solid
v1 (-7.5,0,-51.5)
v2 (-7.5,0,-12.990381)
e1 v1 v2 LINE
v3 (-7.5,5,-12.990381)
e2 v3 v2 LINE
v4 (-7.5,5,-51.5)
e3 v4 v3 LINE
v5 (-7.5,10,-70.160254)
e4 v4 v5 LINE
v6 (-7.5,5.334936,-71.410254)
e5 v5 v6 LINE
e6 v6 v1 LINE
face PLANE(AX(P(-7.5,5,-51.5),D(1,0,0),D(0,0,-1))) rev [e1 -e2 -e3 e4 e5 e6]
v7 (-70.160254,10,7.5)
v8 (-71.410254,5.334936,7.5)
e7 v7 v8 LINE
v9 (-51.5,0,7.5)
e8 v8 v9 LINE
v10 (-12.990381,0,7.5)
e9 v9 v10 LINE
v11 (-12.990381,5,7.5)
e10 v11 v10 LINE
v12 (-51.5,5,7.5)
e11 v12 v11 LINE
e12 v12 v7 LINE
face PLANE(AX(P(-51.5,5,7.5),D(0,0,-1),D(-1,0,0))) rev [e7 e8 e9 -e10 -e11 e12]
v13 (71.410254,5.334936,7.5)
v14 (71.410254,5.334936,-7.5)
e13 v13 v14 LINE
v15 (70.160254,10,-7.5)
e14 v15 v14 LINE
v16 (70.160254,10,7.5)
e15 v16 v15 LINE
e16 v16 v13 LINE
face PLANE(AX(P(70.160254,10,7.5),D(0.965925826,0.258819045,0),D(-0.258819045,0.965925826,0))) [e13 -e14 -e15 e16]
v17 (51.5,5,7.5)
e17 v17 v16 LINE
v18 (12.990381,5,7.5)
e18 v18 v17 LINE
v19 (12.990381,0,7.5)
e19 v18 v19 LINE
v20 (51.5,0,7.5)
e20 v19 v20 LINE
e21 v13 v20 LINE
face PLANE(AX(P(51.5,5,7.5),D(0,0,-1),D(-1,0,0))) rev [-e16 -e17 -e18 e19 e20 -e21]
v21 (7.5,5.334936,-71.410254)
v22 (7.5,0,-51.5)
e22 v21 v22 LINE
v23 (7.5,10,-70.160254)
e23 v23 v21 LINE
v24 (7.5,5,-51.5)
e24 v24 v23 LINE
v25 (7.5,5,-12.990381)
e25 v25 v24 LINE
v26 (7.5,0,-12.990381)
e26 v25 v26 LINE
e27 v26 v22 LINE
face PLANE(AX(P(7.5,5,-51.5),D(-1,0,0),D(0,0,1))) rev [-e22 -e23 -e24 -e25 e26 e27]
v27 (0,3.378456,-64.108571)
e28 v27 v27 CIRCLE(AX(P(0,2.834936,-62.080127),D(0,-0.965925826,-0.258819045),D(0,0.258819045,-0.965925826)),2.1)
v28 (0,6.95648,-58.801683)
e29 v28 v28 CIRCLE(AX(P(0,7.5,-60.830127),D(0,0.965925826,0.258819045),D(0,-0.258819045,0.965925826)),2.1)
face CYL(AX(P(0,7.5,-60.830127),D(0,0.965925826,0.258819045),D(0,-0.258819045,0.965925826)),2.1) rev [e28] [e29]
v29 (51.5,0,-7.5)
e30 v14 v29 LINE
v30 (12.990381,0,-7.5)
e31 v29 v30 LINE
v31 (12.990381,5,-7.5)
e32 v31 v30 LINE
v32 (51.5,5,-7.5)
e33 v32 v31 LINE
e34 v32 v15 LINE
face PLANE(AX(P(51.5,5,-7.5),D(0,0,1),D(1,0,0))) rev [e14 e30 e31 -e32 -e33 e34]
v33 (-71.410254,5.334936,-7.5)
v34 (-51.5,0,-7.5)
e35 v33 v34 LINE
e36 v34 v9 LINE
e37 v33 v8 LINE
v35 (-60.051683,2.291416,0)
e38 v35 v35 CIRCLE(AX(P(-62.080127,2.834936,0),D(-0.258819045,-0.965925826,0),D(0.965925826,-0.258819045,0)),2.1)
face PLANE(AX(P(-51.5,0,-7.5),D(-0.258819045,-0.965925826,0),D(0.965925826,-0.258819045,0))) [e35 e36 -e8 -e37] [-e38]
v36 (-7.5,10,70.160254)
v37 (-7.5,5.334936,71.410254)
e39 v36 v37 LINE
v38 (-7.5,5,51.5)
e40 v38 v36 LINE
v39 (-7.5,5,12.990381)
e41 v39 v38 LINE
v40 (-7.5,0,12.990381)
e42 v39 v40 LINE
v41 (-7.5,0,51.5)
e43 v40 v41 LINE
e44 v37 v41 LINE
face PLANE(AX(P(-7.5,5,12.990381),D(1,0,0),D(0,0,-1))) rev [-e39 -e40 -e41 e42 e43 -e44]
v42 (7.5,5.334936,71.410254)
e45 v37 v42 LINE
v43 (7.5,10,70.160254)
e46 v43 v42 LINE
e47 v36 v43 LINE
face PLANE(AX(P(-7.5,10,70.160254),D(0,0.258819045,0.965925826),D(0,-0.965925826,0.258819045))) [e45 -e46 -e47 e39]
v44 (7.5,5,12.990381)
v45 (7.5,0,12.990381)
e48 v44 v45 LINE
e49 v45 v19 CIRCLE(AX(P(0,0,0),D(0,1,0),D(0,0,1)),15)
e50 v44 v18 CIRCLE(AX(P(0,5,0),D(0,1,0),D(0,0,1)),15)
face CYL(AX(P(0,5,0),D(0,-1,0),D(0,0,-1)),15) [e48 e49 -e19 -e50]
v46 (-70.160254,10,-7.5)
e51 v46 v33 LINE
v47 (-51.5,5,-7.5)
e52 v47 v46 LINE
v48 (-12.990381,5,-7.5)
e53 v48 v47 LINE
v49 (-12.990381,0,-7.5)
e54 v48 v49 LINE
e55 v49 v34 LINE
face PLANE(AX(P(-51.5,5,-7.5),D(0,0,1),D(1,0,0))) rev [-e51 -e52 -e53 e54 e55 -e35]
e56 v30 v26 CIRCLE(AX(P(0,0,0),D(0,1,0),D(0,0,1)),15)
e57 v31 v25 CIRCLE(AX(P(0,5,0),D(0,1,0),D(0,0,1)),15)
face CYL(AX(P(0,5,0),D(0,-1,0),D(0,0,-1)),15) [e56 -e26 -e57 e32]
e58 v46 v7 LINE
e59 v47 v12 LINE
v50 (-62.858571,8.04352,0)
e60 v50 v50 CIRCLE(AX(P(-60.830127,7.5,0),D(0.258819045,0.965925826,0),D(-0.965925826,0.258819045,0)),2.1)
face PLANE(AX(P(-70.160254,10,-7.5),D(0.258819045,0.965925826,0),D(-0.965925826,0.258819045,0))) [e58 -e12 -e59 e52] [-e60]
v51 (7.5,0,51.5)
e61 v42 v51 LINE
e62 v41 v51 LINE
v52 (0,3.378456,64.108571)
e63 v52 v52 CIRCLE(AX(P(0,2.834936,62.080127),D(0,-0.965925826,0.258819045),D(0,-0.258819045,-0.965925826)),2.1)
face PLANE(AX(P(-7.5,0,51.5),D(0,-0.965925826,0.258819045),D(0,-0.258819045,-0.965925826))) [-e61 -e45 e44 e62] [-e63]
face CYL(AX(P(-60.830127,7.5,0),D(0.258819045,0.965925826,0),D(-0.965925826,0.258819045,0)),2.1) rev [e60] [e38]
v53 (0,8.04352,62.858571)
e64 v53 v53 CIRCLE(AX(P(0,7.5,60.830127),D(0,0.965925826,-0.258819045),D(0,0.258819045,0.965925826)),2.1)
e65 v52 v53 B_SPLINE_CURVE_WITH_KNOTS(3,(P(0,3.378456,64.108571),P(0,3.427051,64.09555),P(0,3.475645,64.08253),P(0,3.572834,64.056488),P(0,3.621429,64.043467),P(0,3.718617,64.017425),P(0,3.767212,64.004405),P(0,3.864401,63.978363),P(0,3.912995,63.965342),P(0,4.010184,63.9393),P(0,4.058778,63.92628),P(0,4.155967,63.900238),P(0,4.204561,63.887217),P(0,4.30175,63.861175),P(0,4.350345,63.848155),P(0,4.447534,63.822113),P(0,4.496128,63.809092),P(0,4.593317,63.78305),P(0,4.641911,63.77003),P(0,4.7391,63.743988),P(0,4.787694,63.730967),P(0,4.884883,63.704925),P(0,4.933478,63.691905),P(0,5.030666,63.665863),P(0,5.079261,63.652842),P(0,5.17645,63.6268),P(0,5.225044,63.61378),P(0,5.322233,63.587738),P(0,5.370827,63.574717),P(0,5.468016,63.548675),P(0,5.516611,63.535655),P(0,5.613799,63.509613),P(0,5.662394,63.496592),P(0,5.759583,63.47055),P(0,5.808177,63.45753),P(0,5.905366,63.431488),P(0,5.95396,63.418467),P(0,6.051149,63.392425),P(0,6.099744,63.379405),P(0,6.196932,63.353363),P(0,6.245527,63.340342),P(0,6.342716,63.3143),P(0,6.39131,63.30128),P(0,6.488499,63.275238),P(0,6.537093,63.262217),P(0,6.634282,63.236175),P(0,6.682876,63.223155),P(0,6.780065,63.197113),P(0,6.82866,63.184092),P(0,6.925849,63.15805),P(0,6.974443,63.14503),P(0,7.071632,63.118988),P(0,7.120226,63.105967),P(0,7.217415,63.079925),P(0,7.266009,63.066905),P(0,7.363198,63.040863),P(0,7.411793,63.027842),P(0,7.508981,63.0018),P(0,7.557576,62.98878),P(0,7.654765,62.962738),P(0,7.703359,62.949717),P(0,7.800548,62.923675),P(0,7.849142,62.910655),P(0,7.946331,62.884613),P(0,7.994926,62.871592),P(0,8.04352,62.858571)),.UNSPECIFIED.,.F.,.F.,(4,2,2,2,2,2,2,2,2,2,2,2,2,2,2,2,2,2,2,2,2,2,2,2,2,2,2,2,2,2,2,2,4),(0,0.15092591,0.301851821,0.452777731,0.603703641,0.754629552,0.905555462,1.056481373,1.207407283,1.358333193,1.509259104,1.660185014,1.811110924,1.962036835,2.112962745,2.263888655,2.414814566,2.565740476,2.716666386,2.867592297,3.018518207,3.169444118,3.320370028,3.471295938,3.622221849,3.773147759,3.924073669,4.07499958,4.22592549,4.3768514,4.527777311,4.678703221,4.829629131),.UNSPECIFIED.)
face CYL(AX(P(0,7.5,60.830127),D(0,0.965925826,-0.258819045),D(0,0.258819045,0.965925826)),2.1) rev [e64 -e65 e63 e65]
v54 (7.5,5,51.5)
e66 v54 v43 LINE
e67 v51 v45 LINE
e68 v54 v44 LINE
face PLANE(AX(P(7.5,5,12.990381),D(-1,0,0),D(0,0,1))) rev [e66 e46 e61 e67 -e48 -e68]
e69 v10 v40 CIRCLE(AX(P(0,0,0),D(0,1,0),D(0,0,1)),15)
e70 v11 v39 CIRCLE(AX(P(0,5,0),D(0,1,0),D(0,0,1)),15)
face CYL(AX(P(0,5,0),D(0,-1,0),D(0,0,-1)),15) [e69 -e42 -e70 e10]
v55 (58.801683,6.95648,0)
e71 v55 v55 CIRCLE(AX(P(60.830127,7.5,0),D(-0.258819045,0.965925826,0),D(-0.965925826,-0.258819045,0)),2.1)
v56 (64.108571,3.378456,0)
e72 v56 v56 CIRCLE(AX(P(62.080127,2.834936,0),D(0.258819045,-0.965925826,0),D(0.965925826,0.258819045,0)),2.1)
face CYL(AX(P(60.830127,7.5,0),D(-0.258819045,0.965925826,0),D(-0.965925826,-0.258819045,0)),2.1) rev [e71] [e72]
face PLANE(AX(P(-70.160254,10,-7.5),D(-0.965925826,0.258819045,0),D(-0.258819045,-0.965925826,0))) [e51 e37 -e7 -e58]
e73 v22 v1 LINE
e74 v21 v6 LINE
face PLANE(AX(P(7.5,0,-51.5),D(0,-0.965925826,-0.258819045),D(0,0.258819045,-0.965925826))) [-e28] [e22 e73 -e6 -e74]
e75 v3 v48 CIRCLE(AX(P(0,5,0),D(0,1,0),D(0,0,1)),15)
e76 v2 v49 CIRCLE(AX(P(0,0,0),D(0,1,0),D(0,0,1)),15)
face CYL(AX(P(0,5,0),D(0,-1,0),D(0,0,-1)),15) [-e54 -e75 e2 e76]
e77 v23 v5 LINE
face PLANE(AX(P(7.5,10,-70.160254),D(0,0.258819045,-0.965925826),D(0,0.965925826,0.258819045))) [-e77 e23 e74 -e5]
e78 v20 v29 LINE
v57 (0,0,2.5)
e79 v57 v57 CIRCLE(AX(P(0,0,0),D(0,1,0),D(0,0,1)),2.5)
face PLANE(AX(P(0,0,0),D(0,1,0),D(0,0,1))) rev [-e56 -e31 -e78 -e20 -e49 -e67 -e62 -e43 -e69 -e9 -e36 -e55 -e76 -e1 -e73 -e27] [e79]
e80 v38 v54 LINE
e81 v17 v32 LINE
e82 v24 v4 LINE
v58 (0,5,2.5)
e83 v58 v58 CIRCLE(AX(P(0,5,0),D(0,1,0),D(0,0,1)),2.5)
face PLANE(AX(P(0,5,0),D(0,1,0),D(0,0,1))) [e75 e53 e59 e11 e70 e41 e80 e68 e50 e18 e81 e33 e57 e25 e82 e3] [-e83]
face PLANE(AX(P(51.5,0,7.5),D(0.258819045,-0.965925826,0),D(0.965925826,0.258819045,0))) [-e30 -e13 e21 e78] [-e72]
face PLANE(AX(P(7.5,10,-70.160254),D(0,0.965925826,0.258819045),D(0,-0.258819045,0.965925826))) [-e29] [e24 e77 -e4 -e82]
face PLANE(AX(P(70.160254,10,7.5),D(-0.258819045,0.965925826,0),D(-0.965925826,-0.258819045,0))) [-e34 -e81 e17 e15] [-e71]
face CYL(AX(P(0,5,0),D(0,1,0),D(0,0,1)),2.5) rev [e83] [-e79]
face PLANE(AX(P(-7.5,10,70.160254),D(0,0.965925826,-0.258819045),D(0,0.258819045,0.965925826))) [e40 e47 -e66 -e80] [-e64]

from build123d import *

# Parameters (mm, degrees)
EXTRUDE_1_DEPTH             = 5
EXTRUDE_6_DEPTH             = 15
EXTRUDE_7_DEPTH             = 15
EXTRUDE_8_DEPTH             = 15
EXTRUDE_9_DEPTH             = 15
HOLE_WIZARD_M61_D           = 5
HOLE_WIZARD_M51_D           = 4.2
HOLE_WIZARD_M51_ON_FACE_2_D = 4.2
HOLE_WIZARD_M51_ON_FACE_3_D = 4.2
HOLE_WIZARD_M51_ON_FACE_4_D = 4.2


with BuildPart() as part:
    # Эскиз1 → Бобышка-Вытянуть1 (new body)
    with BuildSketch(Plane(origin=(0, 0, 0), x_dir=(1, 0, 0), z_dir=(0, 1, 0))):
        with BuildLine():
            Line((-7.5, 51.5), (7.5, 51.5))
            Line((7.5, 51.5), (7.5, 12.990381057))
            ThreePointArc((7.5, 12.990381057), (10.606601718, 10.606601718), (12.990381057, 7.5))
            Line((12.990381057, 7.5), (51.5, 7.5))
            Line((51.5, 7.5), (51.5, -7.5))
            Line((51.5, -7.5), (12.990381057, -7.5))
            ThreePointArc((12.990381057, -7.5), (10.606601718, -10.606601718), (7.5, -12.990381057))
            Line((7.5, -12.990381057), (7.5, -51.5))
            Line((7.5, -51.5), (-7.5, -51.5))
            Line((-7.5, -51.5), (-7.5, -12.990381057))
            ThreePointArc((-7.5, -12.990381057), (-10.606601718, -10.606601718), (-12.990381057, -7.5))
            Line((-12.990381057, -7.5), (-51.5, -7.5))
            Line((-51.5, -7.5), (-51.5, 7.5))
            Line((-51.5, 7.5), (-12.990381057, 7.5))
            ThreePointArc((-12.990381057, 7.5), (-10.606601718, 10.606601718), (-7.5, 12.990381057))
            Line((-7.5, 12.990381057), (-7.5, 51.5))
        make_face()
    extrude(amount=EXTRUDE_1_DEPTH)

    # Эскиз2 → Бобышка-Вытянуть6 (add)
    with BuildSketch(Plane(origin=(7.5, 0, 0), x_dir=(0, 0, -1), z_dir=(1, 0, 0))):
        Polygon((-51.5, 0), (-71.410254038, 5.334936491), (-70.160254038, 10), (-51.5, 5), align=None)
    extrude(amount=-EXTRUDE_6_DEPTH)

    # Эскиз3 → Бобышка-Вытянуть7 (add)
    with BuildSketch(Plane(origin=(0, 0, -7.5), x_dir=(-1, 0, 0), z_dir=(0, 0, -1))):
        Polygon((-51.5, 0), (-71.410254038, 5.334936491), (-70.160254038, 10), (-51.5, 5), align=None)
    extrude(amount=-EXTRUDE_7_DEPTH)

    # Эскиз4 → Бобышка-Вытянуть8 (add)
    with BuildSketch(Plane.ZY.offset(7.5)):
        Polygon((-51.5, 0), (-71.410254038, 5.334936491), (-70.160254038, 10), (-51.5, 5), align=None)
    extrude(amount=-EXTRUDE_8_DEPTH)

    # Эскиз5 → Бобышка-Вытянуть9 (add)
    with BuildSketch(Plane.XY.offset(7.5)):
        Polygon((-51.5, 0), (-71.410254038, 5.334936491), (-70.160254038, 10), (-51.5, 5), align=None)
    extrude(amount=-EXTRUDE_9_DEPTH)

    # Отверстие обработанное метчиком M61 (through all)
    with Locations(Plane(origin=(0, 5, 0), x_dir=(1, 0, 0), z_dir=(0, 1, 0))):
        with Locations((0, 0)):
            Hole(HOLE_WIZARD_M61_D / 2)

    # Отверстие обработанное метчиком M51 (through all)
    with Locations(Plane(origin=(-60.830127019, 7.5, 0), x_dir=(0.965925826289, -0.258819045103, 0), z_dir=(0.258819045103, 0.965925826289, 0))):
        with Locations((0, 0)):
            Hole(HOLE_WIZARD_M51_D / 2)

    # Отверстие обработанное метчиком M51 on face 2 (through all)
    with Locations(Plane(origin=(0, 7.5, 60.830127019), x_dir=(0, 0.258818959594, 0.965925849201), z_dir=(0, 0.965925849201, -0.258818959594))):
        with Locations((0, 0)):
            Hole(HOLE_WIZARD_M51_ON_FACE_2_D / 2)

    # Отверстие обработанное метчиком M51 on face 3 (through all)
    with Locations(Plane(origin=(60.830127019, 7.5, 0), x_dir=(0.965925849201, 0.258818959594, 0), z_dir=(-0.258818959594, 0.965925849201, 0))):
        with Locations((0, 0)):
            Hole(HOLE_WIZARD_M51_ON_FACE_3_D / 2)

    # Отверстие обработанное метчиком M51 on face 4 (through all)
    with Locations(Plane(origin=(0, 7.5, -60.830127019), x_dir=(0, -0.258818959594, 0.965925849201), z_dir=(0, 0.965925849201, 0.258818959594))):
        with Locations((0, 0)):
            Hole(HOLE_WIZARD_M51_ON_FACE_4_D / 2)


solid = part.part
